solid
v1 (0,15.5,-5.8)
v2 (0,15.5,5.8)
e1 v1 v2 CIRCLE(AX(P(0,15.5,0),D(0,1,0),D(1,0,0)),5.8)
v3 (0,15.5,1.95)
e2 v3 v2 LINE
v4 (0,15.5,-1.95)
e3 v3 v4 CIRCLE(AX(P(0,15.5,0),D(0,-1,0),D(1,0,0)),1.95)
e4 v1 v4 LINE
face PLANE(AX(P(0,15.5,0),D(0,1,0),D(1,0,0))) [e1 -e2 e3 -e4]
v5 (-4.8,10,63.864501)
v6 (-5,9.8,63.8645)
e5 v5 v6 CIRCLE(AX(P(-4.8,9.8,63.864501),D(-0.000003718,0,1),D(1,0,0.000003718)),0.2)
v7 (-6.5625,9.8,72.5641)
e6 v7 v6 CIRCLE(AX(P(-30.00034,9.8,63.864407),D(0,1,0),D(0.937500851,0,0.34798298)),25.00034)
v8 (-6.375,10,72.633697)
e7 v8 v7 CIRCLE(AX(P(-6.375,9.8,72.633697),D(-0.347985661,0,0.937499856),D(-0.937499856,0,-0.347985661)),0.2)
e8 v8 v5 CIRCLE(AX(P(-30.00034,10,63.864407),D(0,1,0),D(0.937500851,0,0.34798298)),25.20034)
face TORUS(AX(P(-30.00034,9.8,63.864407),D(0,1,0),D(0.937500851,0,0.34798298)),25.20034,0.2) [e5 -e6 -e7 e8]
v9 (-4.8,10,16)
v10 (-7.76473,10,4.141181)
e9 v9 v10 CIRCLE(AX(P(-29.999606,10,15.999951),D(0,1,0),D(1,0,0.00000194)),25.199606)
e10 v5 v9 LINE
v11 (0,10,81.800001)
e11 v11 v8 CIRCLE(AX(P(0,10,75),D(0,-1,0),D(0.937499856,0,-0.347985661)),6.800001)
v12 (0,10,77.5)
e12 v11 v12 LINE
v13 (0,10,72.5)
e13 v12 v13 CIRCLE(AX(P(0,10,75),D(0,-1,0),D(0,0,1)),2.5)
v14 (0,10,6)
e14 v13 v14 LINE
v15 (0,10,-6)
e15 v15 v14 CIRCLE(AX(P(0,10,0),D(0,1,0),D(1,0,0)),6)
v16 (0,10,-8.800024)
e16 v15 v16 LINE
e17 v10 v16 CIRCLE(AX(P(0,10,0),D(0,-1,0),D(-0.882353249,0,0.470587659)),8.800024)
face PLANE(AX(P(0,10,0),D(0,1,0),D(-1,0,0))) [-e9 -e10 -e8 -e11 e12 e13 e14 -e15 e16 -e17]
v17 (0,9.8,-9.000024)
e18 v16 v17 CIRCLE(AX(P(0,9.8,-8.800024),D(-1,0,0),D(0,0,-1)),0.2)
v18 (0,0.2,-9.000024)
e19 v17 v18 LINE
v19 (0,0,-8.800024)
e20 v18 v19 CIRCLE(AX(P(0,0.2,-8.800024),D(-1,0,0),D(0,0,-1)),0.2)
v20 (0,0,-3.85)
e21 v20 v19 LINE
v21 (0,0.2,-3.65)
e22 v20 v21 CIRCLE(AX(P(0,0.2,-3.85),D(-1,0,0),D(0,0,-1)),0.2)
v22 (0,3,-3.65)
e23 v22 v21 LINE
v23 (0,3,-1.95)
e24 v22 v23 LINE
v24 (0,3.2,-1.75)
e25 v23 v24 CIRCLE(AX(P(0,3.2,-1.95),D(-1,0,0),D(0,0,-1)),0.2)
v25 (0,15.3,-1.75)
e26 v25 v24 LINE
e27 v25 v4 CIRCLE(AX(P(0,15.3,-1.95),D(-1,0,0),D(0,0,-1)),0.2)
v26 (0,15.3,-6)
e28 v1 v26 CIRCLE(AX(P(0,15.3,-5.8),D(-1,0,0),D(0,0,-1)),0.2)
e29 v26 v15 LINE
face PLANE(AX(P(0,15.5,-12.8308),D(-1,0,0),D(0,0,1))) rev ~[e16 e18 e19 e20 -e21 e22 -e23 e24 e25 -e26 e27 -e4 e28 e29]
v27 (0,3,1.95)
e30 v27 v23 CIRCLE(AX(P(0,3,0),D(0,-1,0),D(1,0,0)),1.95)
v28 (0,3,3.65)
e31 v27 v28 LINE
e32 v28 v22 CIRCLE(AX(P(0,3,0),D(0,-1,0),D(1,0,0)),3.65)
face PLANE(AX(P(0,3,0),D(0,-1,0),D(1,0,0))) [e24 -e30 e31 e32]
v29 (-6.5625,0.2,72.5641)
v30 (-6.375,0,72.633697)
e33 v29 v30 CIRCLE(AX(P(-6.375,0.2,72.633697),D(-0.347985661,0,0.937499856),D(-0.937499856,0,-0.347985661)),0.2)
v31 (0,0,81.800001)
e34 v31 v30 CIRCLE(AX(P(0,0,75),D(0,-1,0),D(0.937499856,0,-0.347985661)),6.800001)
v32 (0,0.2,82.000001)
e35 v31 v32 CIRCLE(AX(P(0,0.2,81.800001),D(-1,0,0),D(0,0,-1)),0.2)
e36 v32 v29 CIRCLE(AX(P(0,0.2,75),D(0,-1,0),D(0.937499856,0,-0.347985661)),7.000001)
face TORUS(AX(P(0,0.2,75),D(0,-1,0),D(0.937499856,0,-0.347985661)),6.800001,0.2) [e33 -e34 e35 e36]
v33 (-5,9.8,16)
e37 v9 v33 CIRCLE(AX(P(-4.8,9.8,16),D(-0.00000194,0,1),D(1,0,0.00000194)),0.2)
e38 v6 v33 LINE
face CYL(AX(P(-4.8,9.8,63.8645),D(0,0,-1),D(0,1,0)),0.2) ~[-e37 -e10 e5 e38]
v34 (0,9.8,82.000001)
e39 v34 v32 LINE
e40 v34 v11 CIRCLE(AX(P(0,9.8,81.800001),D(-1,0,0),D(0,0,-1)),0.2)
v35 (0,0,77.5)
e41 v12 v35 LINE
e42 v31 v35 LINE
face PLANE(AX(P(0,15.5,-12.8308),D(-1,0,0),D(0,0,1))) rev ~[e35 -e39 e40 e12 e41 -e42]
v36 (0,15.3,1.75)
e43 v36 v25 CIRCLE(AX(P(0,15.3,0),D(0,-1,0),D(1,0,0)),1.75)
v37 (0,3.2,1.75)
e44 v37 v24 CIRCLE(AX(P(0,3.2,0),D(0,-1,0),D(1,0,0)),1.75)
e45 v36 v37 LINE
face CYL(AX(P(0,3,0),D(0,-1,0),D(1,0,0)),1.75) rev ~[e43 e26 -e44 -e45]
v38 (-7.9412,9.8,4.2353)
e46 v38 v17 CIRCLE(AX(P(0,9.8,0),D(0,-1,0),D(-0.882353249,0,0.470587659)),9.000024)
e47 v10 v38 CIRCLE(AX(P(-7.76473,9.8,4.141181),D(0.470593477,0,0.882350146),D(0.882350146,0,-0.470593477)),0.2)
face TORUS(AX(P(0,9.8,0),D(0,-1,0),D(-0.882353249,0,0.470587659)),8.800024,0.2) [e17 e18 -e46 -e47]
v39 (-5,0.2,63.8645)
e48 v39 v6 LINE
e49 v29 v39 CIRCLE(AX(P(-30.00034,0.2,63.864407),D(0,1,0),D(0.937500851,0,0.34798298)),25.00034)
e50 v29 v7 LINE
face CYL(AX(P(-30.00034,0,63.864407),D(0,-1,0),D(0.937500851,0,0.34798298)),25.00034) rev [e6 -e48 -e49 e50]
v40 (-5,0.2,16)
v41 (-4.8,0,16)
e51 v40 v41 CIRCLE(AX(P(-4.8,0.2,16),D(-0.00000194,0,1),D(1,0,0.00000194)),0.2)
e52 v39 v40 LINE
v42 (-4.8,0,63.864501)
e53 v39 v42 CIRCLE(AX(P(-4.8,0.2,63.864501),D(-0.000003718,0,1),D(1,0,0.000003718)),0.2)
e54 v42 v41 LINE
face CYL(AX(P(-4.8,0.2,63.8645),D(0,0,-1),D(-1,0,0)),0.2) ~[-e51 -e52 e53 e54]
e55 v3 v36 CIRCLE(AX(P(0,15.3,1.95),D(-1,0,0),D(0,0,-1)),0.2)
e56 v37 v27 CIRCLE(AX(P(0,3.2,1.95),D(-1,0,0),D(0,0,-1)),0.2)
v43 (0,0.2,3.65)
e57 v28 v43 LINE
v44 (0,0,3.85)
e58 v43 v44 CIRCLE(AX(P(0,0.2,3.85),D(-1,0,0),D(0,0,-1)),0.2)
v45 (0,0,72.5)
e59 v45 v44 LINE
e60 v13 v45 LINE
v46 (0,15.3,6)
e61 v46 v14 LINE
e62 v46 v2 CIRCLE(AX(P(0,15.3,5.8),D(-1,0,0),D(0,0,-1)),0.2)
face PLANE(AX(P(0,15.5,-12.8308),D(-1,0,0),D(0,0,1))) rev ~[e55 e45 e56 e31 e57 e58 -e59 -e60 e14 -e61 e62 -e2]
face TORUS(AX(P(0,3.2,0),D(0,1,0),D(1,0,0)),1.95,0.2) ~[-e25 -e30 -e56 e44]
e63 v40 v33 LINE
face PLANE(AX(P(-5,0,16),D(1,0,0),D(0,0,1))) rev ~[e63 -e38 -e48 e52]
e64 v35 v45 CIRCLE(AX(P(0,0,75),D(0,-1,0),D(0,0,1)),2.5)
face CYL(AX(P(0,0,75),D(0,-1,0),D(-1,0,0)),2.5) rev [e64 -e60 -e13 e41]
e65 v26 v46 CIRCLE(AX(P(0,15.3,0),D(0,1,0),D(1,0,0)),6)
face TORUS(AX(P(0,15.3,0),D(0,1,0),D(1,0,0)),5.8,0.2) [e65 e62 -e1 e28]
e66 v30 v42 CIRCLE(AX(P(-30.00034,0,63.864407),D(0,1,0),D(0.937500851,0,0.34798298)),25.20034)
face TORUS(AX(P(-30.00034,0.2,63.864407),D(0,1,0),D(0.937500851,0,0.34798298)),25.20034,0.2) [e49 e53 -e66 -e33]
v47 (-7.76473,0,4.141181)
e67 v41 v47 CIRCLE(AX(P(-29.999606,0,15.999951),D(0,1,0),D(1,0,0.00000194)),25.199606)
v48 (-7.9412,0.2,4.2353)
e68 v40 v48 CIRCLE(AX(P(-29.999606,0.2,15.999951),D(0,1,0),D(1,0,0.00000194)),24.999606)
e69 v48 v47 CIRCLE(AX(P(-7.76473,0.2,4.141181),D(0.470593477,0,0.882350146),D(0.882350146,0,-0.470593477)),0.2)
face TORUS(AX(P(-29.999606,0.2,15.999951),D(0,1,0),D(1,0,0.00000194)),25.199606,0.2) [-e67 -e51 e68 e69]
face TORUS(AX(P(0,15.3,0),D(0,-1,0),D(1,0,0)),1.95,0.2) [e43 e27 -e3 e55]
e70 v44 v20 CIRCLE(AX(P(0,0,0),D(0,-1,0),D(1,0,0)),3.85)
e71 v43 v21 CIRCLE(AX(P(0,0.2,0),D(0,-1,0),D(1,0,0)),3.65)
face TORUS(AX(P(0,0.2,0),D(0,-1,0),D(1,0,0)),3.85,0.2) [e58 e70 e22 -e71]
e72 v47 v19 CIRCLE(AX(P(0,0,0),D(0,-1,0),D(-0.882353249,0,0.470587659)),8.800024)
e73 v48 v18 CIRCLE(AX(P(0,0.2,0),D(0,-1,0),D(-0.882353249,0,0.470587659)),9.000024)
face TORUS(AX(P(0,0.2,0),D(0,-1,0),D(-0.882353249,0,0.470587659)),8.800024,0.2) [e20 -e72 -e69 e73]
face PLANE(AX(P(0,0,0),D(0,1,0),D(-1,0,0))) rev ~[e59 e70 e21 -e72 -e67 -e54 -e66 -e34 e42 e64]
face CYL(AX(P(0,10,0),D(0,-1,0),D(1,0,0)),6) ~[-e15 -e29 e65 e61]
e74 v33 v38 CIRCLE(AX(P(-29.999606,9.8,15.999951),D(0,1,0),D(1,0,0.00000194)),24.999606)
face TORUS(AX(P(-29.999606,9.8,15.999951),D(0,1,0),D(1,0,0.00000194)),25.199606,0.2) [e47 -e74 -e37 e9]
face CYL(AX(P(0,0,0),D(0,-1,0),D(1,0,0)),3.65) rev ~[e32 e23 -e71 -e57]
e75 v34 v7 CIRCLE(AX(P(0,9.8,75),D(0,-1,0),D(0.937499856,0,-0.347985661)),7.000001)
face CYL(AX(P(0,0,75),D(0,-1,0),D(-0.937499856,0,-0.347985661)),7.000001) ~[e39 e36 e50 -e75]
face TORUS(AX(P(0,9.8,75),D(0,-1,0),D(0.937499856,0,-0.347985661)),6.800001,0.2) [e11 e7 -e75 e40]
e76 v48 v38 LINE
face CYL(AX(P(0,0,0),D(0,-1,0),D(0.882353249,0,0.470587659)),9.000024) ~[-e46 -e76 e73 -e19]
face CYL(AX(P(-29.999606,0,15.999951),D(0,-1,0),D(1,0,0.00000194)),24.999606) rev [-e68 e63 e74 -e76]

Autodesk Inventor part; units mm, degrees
ref_plane "YZ Plane" through (0, 0, 0) normal (1, 0, 0) x (0, 1, 0)
ref_plane "XZ Plane" through (0, 0, 0) normal (0, 1, 0) x (-1, 0, 0)
ref_plane "XY Plane" through (0, 0, 0) normal (0, 0, 1) x (1, 0, 0)
sketch "Skizze1" plane through (0, 0, 0) normal (0, 1, 0) x (-1, 0, 0)
  line L0 (0, 100) -> (0, 100)
  line L1 (-5, 63.8645) -> (-5, 16)
  line L2 (5, 16) -> (5, 63.8645)
  arc A0 (-7.9412, 4.2353) -> (7.9412, 4.2353) centre (0, 0) ccw
  arc A1 (5, 16) -> (7.9412, 4.2353) centre (30, 16) ccw
  arc A2 (-7.9412, 4.2353) -> (-5, 16) centre (-30, 16) ccw
  line L3 (0, -30.8) -> (0, 121.8) projected
  circle A3 centre (0, 75) radius 2.5
  arc A4 (6.5625, 72.5641) -> (-6.5625, 72.5641) centre (0, 75) ccw
  arc A5 (-5, 63.8645) -> (-6.5625, 72.5641) centre (-30, 63.8645) ccw
  arc A6 (6.5625, 72.5641) -> (5, 63.8645) centre (30, 63.8645) ccw
  point P0 (0, 0)
  point P1 (-5, 7.4833)
  point P2 (5, 7.4833)
  point P3 (-5, 70.101)
  point P4 (5, 70.101)
  dimension "d2" = 18
  dimension "d4" = 25
  dimension "d10" = 0
  dimension "d33" = 5
  dimension "d34" = 5
  dimension "d49" = 75
  dimension "d51" = 5
  dimension "d54" = 14
extrude "Extrusion1" add sketch "Skizze1" along normal blind 10
sketch "Skizze8" plane through (0, 10, 0) normal (0, 1, 0) x (1, 0, 0)
  circle A0 centre (0, 0) radius 6
  dimension "d36" = 12
extrude "Extrusion5" add sketch "Skizze8" along normal blind 5.5
fillet "Rundung3" radius 0.2 1 edges at (-6, 15.5, 0)
fillet "Rundung4" radius 0.2 10 edges at (-5.7464, 10, 9.9366) (-5, 10, 39.9322) (5, 10, 39.9322) (5.7464, 10, 9.9366) (0, 10, -9) (-5.7464, 0, 9.9366) (-5, 0, 39.9322) (5, 0, 39.9322) (5.7464, 0, 9.9366) (0, 0, -9)
sketch "Skizze10" plane through (0, 0, 0) normal (0, -1, 0) x (1, 0, 0)
  circle A0 centre (0, 0) radius 3.65
  dimension "d41" = 7.3
extrude "Extrusion6" cut sketch "Skizze10" against normal blind 3
sketch "Skizze11" plane through (0, 3, 0) normal (0, -1, 0) x (1, 0, 0)
  circle A0 centre (0, 0) radius 1.75
  dimension "d44" = 3.5
extrude "Extrusion7" cut sketch "Skizze11" against normal up to next
fillet "Rundung5" radius 0.2 2 edges at (-1.75, 3, 0) (-3.65, 0, 0)
fillet "Rundung6" radius 0.2 1 edges at (-1.75, 15.5, 0)
extrude "Extrusion8" cut sketch "Skizze1" along normal up to next contours A3 L3 | L3 A3
sketch "Skizze12" plane through (0, 15.5, 0) normal (0, 1, 0) x (1, 0, 0)
  line L0 (0, -83.6989) -> (25.2084, -83.6989)
  line L1 (25.2084, -83.6989) -> (25.2084, 12.8308)
  line L2 (25.2084, 12.8308) -> (0, 12.8308)
  line L3 (0, 12.8308) -> (0, -83.6989)
  point P0 (0, 0)
extrude "Extrusion9" cut sketch "Skizze12" against normal up to next
properties part number "alternativeJoint"
